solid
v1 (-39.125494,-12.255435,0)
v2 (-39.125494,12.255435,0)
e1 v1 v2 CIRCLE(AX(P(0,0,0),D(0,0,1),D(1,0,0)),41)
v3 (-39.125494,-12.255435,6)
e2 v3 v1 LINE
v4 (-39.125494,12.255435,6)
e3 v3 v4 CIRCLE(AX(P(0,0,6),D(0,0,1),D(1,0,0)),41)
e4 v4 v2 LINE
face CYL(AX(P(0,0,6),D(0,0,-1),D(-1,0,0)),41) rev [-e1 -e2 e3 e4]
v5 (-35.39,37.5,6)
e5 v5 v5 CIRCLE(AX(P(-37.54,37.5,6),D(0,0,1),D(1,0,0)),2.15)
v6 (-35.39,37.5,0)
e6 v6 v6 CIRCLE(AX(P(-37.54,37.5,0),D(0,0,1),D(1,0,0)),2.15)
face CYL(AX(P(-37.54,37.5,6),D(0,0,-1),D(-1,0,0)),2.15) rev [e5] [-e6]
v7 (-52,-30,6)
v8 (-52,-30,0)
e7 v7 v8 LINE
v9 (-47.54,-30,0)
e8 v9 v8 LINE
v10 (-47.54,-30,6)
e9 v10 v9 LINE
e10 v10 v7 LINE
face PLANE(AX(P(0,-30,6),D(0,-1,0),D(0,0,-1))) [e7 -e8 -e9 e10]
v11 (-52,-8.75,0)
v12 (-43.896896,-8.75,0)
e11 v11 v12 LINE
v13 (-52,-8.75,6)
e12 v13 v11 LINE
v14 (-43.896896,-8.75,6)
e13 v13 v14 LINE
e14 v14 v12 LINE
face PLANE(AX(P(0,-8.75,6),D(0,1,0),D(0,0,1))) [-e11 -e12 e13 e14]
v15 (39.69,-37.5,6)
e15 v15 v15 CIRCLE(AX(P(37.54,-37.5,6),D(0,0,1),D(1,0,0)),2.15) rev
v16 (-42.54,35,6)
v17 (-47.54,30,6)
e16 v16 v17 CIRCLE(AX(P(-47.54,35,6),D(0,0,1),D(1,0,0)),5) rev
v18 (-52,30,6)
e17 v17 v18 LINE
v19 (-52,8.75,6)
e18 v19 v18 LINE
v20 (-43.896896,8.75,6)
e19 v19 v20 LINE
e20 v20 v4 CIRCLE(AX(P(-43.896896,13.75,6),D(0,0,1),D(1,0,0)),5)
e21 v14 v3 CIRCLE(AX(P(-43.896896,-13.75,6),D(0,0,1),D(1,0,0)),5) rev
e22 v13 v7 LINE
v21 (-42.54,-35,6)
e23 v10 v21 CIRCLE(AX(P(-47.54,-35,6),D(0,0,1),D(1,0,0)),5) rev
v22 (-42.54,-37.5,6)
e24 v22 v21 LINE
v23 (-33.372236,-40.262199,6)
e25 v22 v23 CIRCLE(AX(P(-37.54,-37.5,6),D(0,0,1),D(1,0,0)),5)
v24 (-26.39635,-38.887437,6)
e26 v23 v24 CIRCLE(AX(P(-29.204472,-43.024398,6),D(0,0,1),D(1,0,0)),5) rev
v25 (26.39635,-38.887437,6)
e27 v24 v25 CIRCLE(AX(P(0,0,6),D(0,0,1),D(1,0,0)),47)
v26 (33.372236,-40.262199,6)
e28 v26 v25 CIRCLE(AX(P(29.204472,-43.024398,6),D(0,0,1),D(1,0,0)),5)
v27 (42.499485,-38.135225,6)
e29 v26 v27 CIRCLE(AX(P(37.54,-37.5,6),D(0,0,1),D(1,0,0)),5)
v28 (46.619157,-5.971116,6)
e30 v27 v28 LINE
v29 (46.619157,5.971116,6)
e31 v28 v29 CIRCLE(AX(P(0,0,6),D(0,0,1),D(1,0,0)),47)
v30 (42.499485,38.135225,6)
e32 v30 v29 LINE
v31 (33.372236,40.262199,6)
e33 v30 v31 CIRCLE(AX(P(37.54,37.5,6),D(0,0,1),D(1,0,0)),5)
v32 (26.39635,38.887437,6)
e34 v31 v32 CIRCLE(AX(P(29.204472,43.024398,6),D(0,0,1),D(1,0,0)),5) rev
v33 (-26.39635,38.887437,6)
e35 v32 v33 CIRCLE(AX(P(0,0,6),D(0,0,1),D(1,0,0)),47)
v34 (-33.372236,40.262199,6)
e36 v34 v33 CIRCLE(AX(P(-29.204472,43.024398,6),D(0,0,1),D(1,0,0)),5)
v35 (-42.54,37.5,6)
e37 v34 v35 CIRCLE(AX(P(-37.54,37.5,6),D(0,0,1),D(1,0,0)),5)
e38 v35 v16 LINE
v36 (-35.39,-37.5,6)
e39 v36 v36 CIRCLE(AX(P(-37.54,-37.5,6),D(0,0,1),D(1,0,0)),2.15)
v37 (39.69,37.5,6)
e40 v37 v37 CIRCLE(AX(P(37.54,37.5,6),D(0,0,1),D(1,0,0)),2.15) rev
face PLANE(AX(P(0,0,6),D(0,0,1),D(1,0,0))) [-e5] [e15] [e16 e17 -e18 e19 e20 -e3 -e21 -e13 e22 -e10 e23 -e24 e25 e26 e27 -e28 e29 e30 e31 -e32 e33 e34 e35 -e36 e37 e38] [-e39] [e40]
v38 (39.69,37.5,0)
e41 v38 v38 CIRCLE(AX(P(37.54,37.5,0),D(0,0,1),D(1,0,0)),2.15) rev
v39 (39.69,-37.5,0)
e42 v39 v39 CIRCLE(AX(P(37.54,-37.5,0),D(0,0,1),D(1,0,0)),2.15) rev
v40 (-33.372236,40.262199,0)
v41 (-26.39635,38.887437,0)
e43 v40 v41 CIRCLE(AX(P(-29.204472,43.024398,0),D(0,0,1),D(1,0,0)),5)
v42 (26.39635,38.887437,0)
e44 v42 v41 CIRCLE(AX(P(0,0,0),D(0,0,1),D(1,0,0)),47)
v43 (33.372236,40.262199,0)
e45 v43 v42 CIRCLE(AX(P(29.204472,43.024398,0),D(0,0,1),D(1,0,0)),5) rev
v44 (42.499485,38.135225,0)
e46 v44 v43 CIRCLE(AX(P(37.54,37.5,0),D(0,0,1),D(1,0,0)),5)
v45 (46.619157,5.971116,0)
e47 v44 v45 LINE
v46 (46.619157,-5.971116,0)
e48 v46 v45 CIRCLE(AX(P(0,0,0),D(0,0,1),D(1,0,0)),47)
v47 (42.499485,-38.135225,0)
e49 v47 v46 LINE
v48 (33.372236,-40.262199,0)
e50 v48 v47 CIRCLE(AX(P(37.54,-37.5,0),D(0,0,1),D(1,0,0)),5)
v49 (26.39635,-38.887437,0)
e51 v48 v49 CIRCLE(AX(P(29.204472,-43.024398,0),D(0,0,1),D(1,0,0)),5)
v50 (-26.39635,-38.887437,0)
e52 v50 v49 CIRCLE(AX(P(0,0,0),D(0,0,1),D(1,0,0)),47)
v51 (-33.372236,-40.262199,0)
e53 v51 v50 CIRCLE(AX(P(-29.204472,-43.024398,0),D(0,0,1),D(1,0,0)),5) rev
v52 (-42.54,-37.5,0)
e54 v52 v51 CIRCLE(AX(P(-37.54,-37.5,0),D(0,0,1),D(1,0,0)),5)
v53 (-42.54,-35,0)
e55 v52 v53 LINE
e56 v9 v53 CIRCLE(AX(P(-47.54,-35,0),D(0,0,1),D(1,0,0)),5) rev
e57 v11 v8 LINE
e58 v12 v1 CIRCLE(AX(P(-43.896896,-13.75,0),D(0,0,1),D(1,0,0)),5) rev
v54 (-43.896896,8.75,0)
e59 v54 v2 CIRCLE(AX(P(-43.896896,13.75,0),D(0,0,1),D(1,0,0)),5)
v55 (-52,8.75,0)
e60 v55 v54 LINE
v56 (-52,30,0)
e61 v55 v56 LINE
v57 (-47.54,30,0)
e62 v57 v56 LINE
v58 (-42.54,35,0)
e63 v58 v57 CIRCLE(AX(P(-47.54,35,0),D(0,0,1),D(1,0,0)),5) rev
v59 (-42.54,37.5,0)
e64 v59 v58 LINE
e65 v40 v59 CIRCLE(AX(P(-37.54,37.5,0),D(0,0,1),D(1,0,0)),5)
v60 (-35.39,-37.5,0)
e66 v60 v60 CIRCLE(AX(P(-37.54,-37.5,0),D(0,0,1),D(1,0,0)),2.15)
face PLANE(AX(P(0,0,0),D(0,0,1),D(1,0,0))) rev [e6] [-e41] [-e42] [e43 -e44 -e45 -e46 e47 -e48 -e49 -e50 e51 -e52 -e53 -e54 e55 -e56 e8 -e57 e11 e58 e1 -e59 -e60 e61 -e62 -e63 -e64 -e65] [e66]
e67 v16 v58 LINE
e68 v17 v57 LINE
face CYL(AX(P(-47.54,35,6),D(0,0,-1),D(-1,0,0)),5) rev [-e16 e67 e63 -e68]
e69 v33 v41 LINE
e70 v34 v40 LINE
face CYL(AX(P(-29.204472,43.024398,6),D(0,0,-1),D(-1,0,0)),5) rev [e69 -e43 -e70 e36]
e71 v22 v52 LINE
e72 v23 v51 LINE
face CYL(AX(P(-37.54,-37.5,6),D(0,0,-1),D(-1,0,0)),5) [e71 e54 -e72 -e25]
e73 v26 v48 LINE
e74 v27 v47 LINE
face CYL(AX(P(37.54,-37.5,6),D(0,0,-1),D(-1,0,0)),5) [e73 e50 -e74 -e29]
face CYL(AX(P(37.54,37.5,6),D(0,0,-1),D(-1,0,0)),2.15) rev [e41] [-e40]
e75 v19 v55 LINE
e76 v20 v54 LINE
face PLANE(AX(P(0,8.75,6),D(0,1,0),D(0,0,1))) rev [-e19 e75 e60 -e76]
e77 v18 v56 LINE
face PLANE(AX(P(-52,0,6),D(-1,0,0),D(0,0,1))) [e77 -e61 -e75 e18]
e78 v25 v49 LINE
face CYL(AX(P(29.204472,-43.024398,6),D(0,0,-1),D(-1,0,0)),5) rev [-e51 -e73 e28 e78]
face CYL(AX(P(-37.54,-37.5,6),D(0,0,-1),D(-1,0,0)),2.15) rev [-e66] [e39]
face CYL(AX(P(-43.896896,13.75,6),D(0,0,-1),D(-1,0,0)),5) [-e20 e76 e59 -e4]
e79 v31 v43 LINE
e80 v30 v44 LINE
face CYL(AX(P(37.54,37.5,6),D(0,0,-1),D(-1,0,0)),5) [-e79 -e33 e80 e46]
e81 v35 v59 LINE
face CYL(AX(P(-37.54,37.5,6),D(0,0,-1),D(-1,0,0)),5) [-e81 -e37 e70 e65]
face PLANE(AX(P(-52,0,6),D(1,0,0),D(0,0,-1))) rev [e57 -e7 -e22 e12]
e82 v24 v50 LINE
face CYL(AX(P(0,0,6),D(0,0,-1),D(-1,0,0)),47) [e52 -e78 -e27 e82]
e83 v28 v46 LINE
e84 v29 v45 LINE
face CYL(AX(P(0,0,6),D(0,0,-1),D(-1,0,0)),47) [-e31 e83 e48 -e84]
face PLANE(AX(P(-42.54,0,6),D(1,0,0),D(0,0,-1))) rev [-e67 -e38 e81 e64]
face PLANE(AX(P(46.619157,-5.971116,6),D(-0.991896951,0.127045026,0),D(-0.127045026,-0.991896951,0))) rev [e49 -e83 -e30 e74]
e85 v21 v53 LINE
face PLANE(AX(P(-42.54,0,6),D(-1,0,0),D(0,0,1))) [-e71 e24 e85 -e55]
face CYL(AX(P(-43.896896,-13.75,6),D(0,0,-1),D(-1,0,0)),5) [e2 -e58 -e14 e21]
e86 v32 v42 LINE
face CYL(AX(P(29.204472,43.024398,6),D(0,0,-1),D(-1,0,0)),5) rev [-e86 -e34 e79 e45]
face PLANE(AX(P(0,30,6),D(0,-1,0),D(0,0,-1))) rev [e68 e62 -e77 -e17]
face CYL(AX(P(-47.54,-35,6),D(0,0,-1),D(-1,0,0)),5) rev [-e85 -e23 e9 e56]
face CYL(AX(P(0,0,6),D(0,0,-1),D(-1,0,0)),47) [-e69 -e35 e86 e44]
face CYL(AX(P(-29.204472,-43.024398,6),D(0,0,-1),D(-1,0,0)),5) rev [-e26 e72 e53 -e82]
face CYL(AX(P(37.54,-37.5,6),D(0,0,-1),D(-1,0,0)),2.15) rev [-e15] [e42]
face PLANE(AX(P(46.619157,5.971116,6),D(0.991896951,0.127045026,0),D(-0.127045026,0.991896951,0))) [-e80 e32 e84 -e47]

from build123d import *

# Parameters (mm, degrees)
SKETCH_1_R      = 2.15
EXTRUDE_1_DEPTH = 6


with BuildPart() as part:
    # 草图1 → 凸台-拉伸1 (new body)
    with BuildSketch(Plane.XY):
        with BuildLine():
            ThreePointArc((-43.896896246, -8.75), (-40.93656063, -9.720556733), (-39.12549448, -12.255434783))
            ThreePointArc((-39.12549448, -12.255434783), (41, 0), (-39.12549448, 12.255434783))
            ThreePointArc((-39.12549448, 12.255434783), (-40.93656063, 9.720556733), (-43.896896246, 8.75))
            Line((-43.896896246, 8.75), (-52, 8.75))
            Line((-52, 8.75), (-52, 30))
            Line((-52, 30), (-47.54, 30))
            ThreePointArc((-47.54, 30), (-44.004466094, 31.464466094), (-42.54, 35))
            Line((-42.54, 35), (-42.54, 37.5))
            ThreePointArc((-42.54, 37.5), (-38.982425028, 42.287422066), (-33.372235985, 40.262198963))
            ThreePointArc((-33.372235985, 40.262198963), (-30.171244586, 38.118753147), (-26.396349665, 38.887436588))
            ThreePointArc((-26.396349665, 38.887436588), (0, 47), (26.396349665, 38.887436588))
            ThreePointArc((26.396349665, 38.887436588), (30.171244586, 38.118753147), (33.372235985, 40.262198963))
            ThreePointArc((33.372235985, 40.262198963), (38.674773042, 42.369526686), (42.499484755, 38.135225128))
            Line((42.499484755, 38.135225128), (46.619156699, 5.971116201))
            ThreePointArc((46.619156699, 5.971116201), (47, 0), (46.619156699, -5.971116201))
            Line((46.619156699, -5.971116201), (42.499484755, -38.135225128))
            ThreePointArc((42.499484755, -38.135225128), (38.674773042, -42.369526686), (33.372235985, -40.262198963))
            ThreePointArc((33.372235985, -40.262198963), (30.171244586, -38.118753147), (26.396349665, -38.887436588))
            ThreePointArc((26.396349665, -38.887436588), (0, -47), (-26.396349665, -38.887436588))
            ThreePointArc((-26.396349665, -38.887436588), (-30.171244586, -38.118753147), (-33.372235985, -40.262198963))
            ThreePointArc((-33.372235985, -40.262198963), (-38.982425028, -42.287422066), (-42.54, -37.5))
            Line((-42.54, -37.5), (-42.54, -35))
            ThreePointArc((-42.54, -35), (-44.004466094, -31.464466094), (-47.54, -30))
            Line((-47.54, -30), (-52, -30))
            Line((-52, -30), (-52, -8.75))
            Line((-52, -8.75), (-43.896896246, -8.75))
        make_face()
        with Locations((37.54, -37.5)):
            Circle(SKETCH_1_R, mode=Mode.SUBTRACT)
        with Locations((-37.54, -37.5)):
            Circle(SKETCH_1_R, mode=Mode.SUBTRACT)
        with Locations((-37.54, 37.5)):
            Circle(SKETCH_1_R, mode=Mode.SUBTRACT)
        with Locations((37.54, 37.5)):
            Circle(SKETCH_1_R, mode=Mode.SUBTRACT)
    extrude(amount=EXTRUDE_1_DEPTH)


solid = part.part
